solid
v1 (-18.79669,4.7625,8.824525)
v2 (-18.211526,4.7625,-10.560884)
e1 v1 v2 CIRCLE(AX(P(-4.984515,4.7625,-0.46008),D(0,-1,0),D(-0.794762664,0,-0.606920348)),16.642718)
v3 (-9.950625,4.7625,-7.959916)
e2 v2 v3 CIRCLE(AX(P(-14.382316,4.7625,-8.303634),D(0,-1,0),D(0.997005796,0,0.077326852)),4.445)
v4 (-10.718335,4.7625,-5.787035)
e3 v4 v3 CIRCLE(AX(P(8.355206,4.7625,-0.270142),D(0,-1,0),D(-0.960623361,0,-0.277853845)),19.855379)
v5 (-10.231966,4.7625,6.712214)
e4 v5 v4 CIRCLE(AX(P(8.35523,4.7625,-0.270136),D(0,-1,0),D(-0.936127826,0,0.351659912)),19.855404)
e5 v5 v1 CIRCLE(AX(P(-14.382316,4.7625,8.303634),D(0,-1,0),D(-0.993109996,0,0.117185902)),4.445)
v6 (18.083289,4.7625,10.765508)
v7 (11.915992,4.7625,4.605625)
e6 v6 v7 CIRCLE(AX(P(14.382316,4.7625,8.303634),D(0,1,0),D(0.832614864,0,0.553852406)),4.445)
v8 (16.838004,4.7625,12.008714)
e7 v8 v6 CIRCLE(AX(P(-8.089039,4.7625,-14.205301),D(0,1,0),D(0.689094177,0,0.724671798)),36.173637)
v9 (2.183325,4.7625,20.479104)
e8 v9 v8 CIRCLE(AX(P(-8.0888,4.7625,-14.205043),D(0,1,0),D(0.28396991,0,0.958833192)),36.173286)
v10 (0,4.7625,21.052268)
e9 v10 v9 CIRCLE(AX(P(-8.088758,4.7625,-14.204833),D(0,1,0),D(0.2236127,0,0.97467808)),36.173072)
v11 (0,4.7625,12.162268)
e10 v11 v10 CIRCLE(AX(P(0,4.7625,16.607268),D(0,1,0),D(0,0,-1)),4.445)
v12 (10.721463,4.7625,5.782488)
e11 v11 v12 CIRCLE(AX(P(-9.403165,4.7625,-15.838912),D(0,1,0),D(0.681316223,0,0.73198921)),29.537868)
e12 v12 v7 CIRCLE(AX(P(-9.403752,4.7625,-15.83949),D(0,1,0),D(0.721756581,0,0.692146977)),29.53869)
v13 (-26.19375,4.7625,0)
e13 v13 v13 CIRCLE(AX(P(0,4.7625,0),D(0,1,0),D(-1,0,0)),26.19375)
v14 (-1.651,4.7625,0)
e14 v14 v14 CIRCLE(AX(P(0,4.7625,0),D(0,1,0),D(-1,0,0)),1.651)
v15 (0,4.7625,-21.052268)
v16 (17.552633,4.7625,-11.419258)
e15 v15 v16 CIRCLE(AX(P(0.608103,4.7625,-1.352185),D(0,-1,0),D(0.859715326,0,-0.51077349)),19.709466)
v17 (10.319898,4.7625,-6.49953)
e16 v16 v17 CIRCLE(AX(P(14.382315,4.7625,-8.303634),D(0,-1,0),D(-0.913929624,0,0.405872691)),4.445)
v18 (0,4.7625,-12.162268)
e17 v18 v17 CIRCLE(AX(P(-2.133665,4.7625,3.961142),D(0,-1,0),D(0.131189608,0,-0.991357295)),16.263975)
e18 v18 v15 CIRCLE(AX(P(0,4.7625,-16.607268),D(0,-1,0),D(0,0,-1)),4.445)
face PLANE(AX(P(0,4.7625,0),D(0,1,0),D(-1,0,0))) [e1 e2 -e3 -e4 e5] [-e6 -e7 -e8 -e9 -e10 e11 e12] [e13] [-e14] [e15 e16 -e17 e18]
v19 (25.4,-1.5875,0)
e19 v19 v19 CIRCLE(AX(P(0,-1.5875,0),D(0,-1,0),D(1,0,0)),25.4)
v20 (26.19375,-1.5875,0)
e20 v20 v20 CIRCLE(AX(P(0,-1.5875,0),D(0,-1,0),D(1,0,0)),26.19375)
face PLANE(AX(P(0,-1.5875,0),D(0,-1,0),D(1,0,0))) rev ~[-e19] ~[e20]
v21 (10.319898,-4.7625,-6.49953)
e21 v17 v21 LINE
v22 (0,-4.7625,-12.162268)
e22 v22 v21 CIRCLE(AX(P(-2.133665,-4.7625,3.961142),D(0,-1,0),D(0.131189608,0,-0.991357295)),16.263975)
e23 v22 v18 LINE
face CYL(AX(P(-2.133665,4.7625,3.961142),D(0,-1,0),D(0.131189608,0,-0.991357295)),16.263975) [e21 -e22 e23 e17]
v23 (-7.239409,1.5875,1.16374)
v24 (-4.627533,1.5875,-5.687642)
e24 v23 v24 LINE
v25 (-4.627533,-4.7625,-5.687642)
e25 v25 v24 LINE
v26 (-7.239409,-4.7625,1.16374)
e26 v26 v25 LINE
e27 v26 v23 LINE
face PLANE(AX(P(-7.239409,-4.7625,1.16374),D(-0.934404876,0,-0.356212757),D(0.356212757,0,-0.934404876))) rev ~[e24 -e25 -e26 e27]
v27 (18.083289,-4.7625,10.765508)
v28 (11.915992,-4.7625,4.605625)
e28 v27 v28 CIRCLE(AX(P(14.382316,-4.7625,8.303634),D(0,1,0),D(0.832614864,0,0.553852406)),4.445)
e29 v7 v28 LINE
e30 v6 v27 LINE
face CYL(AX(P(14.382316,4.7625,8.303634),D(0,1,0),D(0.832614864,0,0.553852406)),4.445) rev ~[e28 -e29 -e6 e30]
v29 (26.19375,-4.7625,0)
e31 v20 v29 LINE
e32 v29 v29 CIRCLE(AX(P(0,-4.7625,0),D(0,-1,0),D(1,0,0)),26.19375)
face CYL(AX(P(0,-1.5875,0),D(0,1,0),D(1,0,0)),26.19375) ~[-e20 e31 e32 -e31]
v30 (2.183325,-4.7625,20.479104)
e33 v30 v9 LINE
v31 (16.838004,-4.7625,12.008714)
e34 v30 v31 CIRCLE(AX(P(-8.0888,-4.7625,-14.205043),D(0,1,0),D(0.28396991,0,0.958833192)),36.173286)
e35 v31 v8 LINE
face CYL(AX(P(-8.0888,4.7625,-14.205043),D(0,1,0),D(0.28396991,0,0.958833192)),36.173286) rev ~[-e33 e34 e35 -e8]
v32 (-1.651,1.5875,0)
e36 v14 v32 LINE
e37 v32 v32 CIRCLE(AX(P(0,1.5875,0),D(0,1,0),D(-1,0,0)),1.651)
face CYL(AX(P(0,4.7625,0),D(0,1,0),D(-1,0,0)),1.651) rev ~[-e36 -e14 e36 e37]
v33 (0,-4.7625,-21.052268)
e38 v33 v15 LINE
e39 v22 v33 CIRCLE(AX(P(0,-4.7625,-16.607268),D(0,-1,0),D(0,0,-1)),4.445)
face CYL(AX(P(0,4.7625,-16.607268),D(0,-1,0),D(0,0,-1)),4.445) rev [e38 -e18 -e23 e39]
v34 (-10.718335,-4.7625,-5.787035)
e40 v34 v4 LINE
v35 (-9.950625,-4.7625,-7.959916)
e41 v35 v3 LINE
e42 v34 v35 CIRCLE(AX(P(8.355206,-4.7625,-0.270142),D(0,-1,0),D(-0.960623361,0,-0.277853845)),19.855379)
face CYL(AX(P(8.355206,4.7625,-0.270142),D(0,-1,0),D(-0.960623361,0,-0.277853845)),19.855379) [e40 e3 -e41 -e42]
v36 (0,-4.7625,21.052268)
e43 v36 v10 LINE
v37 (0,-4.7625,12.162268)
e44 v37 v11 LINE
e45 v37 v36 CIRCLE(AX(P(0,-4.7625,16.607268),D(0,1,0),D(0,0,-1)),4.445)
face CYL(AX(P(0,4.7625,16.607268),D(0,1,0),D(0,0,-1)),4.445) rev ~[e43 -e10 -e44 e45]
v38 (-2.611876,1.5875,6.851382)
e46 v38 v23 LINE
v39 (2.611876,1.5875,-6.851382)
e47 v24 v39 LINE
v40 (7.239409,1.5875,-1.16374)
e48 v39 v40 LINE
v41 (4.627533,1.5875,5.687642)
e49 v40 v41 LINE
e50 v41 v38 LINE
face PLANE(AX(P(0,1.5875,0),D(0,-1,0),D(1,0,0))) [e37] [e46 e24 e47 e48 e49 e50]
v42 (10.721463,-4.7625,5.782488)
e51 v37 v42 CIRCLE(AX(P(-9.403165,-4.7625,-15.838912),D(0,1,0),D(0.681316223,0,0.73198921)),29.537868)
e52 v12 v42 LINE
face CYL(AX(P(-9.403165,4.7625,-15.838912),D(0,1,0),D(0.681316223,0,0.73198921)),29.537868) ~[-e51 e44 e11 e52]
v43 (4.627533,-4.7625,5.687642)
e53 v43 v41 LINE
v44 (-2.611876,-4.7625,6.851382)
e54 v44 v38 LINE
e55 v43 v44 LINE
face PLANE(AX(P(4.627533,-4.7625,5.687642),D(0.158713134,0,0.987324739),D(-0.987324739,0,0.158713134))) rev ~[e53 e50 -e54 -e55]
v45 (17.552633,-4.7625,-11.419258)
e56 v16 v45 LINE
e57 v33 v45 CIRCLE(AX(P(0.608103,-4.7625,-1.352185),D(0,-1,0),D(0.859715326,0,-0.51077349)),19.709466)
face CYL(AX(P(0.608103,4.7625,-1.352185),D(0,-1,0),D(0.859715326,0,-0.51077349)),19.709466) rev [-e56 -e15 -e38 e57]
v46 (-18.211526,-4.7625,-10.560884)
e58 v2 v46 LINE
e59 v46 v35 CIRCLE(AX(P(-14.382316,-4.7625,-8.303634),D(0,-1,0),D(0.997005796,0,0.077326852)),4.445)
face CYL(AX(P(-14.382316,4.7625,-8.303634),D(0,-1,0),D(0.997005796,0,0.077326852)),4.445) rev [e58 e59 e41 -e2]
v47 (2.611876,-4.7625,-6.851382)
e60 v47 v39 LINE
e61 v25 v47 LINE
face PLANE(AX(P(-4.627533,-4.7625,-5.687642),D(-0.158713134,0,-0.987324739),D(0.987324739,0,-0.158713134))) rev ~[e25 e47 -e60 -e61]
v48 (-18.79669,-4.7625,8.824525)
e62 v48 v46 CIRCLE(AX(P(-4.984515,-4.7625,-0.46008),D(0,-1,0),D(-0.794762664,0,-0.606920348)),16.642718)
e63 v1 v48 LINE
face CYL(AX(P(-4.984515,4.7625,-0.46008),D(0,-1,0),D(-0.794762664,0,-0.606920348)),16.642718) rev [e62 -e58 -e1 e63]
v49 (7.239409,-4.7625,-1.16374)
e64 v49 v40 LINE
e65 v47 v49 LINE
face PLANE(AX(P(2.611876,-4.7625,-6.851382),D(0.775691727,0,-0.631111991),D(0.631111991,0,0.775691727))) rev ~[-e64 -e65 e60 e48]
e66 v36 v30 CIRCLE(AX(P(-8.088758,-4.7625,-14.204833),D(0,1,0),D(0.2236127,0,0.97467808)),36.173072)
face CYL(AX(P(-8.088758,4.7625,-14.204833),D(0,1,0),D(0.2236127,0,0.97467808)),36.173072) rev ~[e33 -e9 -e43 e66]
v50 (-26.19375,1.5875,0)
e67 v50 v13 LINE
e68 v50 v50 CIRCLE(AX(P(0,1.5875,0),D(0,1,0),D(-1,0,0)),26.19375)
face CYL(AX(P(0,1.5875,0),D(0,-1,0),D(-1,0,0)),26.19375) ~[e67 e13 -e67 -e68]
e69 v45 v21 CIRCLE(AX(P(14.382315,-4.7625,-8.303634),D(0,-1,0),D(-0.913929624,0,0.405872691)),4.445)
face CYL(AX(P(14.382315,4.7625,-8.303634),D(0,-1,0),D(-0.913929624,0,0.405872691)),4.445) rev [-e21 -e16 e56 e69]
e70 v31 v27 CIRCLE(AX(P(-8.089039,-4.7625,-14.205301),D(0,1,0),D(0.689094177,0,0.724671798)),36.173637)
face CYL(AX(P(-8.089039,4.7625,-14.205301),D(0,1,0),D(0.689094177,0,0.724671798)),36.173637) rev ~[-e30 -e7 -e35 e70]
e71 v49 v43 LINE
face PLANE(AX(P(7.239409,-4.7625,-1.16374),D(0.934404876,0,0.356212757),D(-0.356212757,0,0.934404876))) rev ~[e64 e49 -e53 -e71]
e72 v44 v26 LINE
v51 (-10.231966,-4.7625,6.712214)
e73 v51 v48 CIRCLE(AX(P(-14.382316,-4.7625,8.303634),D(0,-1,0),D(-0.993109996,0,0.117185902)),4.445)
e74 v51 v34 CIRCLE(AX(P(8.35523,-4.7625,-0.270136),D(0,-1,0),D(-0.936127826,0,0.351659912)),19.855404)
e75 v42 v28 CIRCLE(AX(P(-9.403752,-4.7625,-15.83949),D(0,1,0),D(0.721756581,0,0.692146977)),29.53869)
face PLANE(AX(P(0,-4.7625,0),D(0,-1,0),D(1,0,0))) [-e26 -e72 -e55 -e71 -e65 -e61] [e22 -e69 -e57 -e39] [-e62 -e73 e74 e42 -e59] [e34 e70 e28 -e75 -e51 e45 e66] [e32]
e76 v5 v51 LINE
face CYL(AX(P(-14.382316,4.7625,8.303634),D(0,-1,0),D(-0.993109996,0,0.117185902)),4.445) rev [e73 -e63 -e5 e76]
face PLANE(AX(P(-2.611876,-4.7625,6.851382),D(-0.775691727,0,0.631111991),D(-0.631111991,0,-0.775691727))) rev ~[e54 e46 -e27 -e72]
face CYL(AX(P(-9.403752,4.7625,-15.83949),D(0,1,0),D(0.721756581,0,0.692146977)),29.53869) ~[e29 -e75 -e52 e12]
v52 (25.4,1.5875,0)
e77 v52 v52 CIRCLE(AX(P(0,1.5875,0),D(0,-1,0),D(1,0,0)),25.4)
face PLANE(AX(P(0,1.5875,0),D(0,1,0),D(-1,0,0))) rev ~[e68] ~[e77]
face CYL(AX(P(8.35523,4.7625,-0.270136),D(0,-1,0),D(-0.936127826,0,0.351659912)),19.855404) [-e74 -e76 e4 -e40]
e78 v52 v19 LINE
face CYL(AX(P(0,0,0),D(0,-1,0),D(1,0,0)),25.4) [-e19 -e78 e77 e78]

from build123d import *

# Parameters (mm, degrees)
F0_R      = 25.4
F1_DEPTH  = 1.5875
F2_R      = 26.19375
F3_DEPTH  = 3.175
F4_R      = 26.19375
F5_DEPTH  = 3.175
F7_DEPTH  = 38.1
F9_DEPTH  = 6.35
F10_R     = 1.651
F11_DEPTH = 25.4


with BuildPart() as f1:
    # F0 (on Front) → F1 (new body, symmetric)
    with BuildSketch(Plane.XZ):
        Circle(F0_R)
    extrude(amount=F1_DEPTH, both=True)

    # F2 (on face) → F3 (join)
    with BuildSketch(Plane.XZ.offset(1.5875)):
        Circle(F2_R)
    extrude(amount=F3_DEPTH)

    # F4 (on face) → F5 (join)
    with BuildSketch(Plane(origin=(0, 1.5875, 0), x_dir=(-1, 0, 0), z_dir=(0, 1, 0))):
        Circle(F4_R)
    extrude(amount=F5_DEPTH)

    # F6 (on face) → F7 (cut, symmetric)
    with BuildSketch(Plane(origin=(0, 4.7625, 0), x_dir=(-1, 0, 0), z_dir=(0, 1, 0))):
        with BuildLine():
            ThreePointArc((-17.552633, -11.419258), (-10.090636, -18.630629), (0, -21.052268))
            ThreePointArc((0, -21.052268), (4.445, -16.607268), (0, -12.162268))
            ThreePointArc((0, -12.162268), (-5.690238, -10.297309), (-10.319898, -6.49953))
            ThreePointArc((-10.319898, -6.49953), (-16.882294, -4.628293), (-17.552633, -11.419258))
        make_face()
        with BuildLine():
            ThreePointArc((10.231966, 6.712214), (11.485159, 0.501891), (10.718335, -5.787035))
            ThreePointArc((10.718335, -5.787035), (10.366031, -6.884623), (9.950625, -7.959916))
            ThreePointArc((9.950625, -7.959916), (13.047399, -12.543448), (18.211526, -10.560884))
            ThreePointArc((18.211526, -10.560884), (21.619656, -0.962225), (18.79669, 8.824525))
            ThreePointArc((18.79669, 8.824525), (13.317942, 12.619318), (10.231966, 6.712214))
        make_face()
        with BuildLine():
            ThreePointArc((-10.721463, 5.782488), (-5.701405, 9.544893), (0, 12.162268))
            ThreePointArc((0, 12.162268), (4.445, 16.607268), (0, 21.052268))
            ThreePointArc((0, 21.052268), (-1.096134, 20.782721), (-2.183325, 20.479104))
            ThreePointArc((-2.183325, 20.479104), (-10.013079, 17.11314), (-16.838004, 12.008714))
            ThreePointArc((-16.838004, 12.008714), (-17.468207, 11.394684), (-18.083289, 10.765508))
            ThreePointArc((-18.083289, 10.765508), (-17.523515, 5.158655), (-11.915992, 4.605625))
            ThreePointArc((-11.915992, 4.605625), (-11.32708, 5.202535), (-10.721463, 5.782488))
        make_face()
    extrude(amount=F7_DEPTH, both=True, mode=Mode.SUBTRACT)

    # F8 (on face) → F9 (cut)
    with BuildSketch(Plane.XZ.offset(4.7625)):
        Polygon((2.611876, -6.851382), (7.239409, -1.16374), (4.627533, 5.687642), (-2.611876, 6.851382), (-7.239409, 1.16374), (-4.627533, -5.687642), align=None)
    extrude(amount=-F9_DEPTH, mode=Mode.SUBTRACT)

    # F10 (on face) → F11 (cut)
    with BuildSketch(Plane(origin=(0, 4.7625, 0), x_dir=(-1, 0, 0), z_dir=(0, 1, 0))):
        Circle(F10_R)
    extrude(amount=-F11_DEPTH, mode=Mode.SUBTRACT)


solid = f1.part
